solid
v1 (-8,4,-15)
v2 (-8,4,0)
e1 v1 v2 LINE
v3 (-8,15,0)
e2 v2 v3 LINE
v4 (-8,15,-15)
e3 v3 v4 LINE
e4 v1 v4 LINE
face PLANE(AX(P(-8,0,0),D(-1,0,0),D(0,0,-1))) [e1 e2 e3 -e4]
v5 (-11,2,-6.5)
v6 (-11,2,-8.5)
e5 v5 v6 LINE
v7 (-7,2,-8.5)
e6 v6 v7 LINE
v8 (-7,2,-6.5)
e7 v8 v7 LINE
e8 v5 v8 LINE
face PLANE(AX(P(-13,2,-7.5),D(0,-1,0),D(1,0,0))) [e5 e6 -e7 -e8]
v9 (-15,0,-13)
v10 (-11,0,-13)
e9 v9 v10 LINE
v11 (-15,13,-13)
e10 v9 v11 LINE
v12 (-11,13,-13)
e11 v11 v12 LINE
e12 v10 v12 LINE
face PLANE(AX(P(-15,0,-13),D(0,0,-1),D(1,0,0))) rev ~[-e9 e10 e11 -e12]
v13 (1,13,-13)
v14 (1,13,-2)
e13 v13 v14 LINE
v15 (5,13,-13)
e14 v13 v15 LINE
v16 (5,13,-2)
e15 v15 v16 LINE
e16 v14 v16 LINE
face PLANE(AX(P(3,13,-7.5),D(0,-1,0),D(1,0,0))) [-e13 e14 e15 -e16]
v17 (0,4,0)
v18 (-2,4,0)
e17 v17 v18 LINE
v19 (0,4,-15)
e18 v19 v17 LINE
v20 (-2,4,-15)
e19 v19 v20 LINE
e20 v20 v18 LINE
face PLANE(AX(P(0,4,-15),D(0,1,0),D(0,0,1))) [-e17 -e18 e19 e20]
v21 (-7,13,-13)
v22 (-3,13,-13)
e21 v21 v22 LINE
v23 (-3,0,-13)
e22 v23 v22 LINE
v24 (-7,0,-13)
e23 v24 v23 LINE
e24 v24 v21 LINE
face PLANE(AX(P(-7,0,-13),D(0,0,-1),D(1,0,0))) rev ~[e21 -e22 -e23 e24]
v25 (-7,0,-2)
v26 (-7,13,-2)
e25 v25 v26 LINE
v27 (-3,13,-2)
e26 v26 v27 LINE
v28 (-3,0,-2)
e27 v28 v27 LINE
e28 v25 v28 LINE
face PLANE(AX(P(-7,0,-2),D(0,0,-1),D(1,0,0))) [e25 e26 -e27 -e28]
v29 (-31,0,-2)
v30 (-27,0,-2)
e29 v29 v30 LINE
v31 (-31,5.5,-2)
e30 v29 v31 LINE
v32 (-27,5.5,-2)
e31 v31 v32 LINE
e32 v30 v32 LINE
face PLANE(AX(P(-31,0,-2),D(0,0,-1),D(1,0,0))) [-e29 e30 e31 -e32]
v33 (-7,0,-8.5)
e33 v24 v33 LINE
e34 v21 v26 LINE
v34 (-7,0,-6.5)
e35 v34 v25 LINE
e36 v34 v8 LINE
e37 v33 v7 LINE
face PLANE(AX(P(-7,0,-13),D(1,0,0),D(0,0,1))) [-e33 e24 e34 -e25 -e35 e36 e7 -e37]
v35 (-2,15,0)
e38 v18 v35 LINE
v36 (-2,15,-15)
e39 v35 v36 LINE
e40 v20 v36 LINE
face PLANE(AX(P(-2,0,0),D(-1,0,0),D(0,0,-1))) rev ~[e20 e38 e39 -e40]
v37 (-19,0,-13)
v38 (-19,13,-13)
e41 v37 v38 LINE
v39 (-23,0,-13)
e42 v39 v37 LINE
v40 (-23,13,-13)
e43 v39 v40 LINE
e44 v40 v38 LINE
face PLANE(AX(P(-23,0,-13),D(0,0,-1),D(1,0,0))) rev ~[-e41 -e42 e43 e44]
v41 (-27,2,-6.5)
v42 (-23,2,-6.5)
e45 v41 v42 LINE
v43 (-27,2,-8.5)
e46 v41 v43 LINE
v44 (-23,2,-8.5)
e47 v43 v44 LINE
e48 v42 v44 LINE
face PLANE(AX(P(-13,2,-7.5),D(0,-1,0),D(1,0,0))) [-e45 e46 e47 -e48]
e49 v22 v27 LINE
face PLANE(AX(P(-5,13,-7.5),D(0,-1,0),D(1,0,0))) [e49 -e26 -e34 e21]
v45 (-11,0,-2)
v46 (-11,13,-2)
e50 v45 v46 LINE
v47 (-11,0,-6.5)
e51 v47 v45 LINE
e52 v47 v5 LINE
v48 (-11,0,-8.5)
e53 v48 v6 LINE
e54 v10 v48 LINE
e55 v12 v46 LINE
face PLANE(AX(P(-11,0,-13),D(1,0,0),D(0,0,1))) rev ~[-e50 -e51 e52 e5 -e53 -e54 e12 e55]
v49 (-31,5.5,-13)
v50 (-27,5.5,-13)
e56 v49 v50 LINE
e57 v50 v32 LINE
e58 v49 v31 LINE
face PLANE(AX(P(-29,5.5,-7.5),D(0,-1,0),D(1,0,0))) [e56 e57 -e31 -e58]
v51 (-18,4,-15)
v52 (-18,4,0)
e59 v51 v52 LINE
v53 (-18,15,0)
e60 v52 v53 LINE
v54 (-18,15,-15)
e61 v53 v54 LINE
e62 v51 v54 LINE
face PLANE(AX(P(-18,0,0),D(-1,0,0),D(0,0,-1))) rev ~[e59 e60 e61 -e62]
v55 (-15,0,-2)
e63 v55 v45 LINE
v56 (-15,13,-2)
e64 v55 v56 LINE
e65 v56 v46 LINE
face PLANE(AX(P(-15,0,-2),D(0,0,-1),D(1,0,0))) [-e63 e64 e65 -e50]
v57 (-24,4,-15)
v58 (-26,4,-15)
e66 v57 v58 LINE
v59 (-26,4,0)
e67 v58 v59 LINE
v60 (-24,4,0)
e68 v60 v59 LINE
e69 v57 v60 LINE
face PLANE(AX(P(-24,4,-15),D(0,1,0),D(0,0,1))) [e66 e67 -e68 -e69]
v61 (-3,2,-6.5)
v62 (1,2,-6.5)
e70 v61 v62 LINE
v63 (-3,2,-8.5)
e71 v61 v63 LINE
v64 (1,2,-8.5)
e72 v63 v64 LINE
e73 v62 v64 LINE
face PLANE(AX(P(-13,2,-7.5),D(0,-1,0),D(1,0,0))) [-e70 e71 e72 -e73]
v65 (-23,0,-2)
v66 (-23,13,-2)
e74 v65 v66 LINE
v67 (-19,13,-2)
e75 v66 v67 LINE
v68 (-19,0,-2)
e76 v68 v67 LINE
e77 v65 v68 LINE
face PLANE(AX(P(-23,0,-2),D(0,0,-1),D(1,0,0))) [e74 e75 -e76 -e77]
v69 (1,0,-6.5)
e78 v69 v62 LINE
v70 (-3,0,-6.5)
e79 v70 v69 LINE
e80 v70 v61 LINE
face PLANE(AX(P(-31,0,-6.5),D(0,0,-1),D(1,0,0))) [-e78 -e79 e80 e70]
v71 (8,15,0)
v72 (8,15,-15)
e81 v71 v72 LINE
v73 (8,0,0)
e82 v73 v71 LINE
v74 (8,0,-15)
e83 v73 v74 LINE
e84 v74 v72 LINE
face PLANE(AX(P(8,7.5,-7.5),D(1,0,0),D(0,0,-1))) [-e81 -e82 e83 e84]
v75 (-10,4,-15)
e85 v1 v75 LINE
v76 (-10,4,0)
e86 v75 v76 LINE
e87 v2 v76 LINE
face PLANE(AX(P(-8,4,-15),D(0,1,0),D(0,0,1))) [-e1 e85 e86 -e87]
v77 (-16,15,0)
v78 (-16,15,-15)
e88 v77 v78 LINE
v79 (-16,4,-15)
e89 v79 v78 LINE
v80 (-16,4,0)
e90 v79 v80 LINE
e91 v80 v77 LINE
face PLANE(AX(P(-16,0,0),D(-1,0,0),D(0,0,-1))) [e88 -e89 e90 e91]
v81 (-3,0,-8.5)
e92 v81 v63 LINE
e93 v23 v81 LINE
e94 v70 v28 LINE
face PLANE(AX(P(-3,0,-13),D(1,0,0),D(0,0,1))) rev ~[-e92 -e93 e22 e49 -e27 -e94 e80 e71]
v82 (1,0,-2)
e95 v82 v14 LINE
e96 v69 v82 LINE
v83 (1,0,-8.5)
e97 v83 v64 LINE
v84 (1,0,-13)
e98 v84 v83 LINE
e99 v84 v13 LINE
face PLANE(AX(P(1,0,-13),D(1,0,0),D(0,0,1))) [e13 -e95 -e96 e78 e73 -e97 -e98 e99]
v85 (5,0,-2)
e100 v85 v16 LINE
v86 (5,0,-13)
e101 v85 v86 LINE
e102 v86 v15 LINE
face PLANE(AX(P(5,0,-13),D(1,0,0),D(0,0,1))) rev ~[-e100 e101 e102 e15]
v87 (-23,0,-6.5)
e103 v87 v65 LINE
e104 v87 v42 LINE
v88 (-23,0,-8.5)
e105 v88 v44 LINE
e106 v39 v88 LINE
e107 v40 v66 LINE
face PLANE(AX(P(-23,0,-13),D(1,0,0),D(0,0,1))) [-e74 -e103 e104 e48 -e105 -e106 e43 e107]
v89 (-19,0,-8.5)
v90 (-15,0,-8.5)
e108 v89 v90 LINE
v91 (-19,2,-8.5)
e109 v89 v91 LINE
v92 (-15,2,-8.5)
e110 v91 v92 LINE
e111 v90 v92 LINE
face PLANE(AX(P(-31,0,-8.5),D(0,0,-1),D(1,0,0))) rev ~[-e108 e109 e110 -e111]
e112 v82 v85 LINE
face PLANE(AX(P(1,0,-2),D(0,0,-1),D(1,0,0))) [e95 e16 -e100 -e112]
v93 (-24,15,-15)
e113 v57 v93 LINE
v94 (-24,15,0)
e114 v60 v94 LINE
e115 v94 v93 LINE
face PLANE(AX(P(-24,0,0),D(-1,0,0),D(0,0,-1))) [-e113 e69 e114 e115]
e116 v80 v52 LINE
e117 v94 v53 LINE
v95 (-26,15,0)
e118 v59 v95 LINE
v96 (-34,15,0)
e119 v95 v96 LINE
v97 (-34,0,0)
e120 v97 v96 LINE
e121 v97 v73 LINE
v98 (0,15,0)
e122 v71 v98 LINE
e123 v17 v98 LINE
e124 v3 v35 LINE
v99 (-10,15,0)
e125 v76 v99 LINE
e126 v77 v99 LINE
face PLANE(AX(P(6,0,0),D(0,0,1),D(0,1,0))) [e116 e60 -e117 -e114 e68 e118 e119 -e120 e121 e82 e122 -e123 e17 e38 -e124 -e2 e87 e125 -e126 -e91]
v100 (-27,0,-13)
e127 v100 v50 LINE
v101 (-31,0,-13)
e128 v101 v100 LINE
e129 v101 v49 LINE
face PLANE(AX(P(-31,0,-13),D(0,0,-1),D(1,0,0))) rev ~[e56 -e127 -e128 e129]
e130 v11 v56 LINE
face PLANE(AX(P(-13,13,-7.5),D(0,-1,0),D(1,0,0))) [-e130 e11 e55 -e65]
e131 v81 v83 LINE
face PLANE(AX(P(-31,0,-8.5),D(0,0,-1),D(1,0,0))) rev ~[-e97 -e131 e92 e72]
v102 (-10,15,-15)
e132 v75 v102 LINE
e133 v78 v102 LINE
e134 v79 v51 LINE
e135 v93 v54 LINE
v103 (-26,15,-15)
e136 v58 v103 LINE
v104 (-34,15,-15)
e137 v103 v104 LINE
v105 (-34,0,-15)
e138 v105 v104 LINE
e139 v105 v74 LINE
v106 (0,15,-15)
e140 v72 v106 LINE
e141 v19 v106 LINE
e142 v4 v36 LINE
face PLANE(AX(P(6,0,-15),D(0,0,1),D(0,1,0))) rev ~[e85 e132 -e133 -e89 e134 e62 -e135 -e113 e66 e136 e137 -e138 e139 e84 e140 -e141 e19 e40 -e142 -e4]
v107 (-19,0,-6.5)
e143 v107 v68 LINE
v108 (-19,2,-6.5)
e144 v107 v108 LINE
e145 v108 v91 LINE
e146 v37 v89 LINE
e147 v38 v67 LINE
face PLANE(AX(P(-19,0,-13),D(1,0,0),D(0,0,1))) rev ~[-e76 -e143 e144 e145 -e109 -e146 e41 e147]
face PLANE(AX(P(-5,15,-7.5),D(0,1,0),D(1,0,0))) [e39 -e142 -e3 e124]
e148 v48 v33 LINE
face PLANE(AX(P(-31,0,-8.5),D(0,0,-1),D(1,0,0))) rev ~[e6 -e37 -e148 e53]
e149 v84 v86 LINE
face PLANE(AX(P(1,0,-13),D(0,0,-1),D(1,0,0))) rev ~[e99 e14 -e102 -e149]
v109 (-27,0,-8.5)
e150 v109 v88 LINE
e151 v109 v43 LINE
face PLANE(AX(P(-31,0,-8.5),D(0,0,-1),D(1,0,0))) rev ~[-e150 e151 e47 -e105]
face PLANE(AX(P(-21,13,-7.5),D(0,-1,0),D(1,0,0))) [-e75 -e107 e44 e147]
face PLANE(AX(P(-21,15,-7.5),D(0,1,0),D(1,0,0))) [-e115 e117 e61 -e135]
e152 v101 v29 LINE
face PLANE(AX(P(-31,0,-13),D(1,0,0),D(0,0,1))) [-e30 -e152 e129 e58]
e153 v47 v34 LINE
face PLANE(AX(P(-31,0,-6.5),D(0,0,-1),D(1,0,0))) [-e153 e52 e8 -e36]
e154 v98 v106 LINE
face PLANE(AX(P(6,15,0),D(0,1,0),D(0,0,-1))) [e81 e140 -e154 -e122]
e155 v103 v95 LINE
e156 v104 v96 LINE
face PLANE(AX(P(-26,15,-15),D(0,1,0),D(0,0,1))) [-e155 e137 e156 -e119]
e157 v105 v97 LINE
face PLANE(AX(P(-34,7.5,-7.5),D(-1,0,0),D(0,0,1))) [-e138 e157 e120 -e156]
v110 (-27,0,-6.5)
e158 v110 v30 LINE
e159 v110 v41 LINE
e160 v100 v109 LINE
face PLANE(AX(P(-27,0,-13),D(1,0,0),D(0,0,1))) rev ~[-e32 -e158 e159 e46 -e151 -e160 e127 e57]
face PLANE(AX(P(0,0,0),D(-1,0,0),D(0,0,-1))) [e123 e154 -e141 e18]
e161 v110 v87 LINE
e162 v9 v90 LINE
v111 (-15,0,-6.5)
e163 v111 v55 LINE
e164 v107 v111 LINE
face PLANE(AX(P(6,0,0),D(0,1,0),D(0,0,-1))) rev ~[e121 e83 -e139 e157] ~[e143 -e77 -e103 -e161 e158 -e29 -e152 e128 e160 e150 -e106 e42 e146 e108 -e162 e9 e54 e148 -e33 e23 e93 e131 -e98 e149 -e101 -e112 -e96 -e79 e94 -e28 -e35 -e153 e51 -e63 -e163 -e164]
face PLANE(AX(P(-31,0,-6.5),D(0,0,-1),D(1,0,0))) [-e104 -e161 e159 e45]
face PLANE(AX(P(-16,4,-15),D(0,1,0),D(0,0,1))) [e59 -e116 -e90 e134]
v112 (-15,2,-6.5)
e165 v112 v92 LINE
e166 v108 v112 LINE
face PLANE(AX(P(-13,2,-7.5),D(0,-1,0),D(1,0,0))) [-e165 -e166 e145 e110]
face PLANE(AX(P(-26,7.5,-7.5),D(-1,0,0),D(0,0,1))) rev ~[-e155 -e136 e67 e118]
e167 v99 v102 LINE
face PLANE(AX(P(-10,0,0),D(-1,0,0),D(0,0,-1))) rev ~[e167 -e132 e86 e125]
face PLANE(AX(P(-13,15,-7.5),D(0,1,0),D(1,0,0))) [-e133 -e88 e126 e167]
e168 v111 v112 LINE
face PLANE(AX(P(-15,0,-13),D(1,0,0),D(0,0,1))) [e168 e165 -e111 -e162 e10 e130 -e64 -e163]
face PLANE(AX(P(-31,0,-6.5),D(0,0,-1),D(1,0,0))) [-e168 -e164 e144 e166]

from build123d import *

# Parameters (mm, degrees)
SKETCH1_W           = 6
SKETCH1_H           = 15
BOSS_EXTRUDE1_DEPTH = 15
SKETCH2_W           = 4
SKETCH2_H           = 11
CUT_EXTRUDE1_DEPTH  = 13
SKETCH3_W           = 15
SKETCH3_H           = 4
BOSS_EXTRUDE2_DEPTH = 2
LPATTERN1_COUNT     = 4
LPATTERN1_PITCH     = 8
SKETCH4_W           = 15
SKETCH4_H           = 15
BOSS_EXTRUDE3_DEPTH = 8
SKETCH5_W           = 4
SKETCH5_H           = 11
CUT_EXTRUDE2_DEPTH  = 5.5
SKETCH6_W           = 15
SKETCH6_H           = 15
BOSS_EXTRUDE4_DEPTH = 2
SKETCH7_W           = 36
SKETCH7_H           = 2
CUT_EXTRUDE3_DEPTH  = 2


with BuildPart() as part:
    # Sketch1 → Boss-Extrude1 (new body)
    with BuildSketch(Plane(origin=(0, 0, 0), x_dir=(1, 0, 0), z_dir=(0, 1, 0))):
        with Locations((3, 7.5)):
            Rectangle(SKETCH1_W, SKETCH1_H)
    extrude(amount=BOSS_EXTRUDE1_DEPTH)

    # Sketch2 → Cut-Extrude1 (cut)
    with BuildSketch(Plane.XZ):
        with Locations((3, -7.5)):
            Rectangle(SKETCH2_W, SKETCH2_H)
    extrude(amount=-CUT_EXTRUDE1_DEPTH, mode=Mode.SUBTRACT)

    # Sketch3 → Boss-Extrude2 (add)
    with BuildSketch(Plane.ZY):
        with Locations((-7.5, 2)):
            Rectangle(SKETCH3_W, SKETCH3_H)
    extrude(amount=BOSS_EXTRUDE2_DEPTH)


with BuildPart() as lpattern1_1:
    # LPattern1: pattern copy
    add(part.part.moved(Location(Vector(-1, 0, 0) * (1 * LPATTERN1_PITCH))))


with BuildPart() as lpattern1_2:
    # LPattern1: pattern copy
    add(part.part.moved(Location(Vector(-1, 0, 0) * (2 * LPATTERN1_PITCH))))


with BuildPart() as lpattern1_3:
    # LPattern1: pattern copy
    add(part.part.moved(Location(Vector(-1, 0, 0) * (3 * LPATTERN1_PITCH))))

    # Sketch4 → Boss-Extrude3 (add)
    with BuildSketch(Plane.ZY.offset(26)):
        with Locations((-7.5, 7.5)):
            Rectangle(SKETCH4_W, SKETCH4_H)
    extrude(amount=BOSS_EXTRUDE3_DEPTH)

    # Sketch5 → Cut-Extrude2 (cut)
    with BuildSketch(Plane.XZ):
        with Locations((-29, -7.5)):
            Rectangle(SKETCH5_W, SKETCH5_H)
    extrude(amount=-CUT_EXTRUDE2_DEPTH, mode=Mode.SUBTRACT)


with BuildPart() as lpattern1_1_1:
    add(lpattern1_1.part)

    # Combine1: union LPattern1_2, LPattern1_3, part
    add(lpattern1_2.part)
    add(lpattern1_3.part)
    add(part.part)

    # Sketch6 → Boss-Extrude4 (add)
    with BuildSketch(Plane(origin=(6, 0, 0), x_dir=(0, 0, -1), z_dir=(1, 0, 0))):
        with Locations((7.5, 7.5)):
            Rectangle(SKETCH6_W, SKETCH6_H)
    extrude(amount=BOSS_EXTRUDE4_DEPTH)

    # Sketch7 → Cut-Extrude3 (cut)
    with BuildSketch(Plane.XZ):
        with Locations((-13, -7.5)):
            Rectangle(SKETCH7_W, SKETCH7_H)
    extrude(amount=-CUT_EXTRUDE3_DEPTH, mode=Mode.SUBTRACT)


solid = lpattern1_1_1.part
